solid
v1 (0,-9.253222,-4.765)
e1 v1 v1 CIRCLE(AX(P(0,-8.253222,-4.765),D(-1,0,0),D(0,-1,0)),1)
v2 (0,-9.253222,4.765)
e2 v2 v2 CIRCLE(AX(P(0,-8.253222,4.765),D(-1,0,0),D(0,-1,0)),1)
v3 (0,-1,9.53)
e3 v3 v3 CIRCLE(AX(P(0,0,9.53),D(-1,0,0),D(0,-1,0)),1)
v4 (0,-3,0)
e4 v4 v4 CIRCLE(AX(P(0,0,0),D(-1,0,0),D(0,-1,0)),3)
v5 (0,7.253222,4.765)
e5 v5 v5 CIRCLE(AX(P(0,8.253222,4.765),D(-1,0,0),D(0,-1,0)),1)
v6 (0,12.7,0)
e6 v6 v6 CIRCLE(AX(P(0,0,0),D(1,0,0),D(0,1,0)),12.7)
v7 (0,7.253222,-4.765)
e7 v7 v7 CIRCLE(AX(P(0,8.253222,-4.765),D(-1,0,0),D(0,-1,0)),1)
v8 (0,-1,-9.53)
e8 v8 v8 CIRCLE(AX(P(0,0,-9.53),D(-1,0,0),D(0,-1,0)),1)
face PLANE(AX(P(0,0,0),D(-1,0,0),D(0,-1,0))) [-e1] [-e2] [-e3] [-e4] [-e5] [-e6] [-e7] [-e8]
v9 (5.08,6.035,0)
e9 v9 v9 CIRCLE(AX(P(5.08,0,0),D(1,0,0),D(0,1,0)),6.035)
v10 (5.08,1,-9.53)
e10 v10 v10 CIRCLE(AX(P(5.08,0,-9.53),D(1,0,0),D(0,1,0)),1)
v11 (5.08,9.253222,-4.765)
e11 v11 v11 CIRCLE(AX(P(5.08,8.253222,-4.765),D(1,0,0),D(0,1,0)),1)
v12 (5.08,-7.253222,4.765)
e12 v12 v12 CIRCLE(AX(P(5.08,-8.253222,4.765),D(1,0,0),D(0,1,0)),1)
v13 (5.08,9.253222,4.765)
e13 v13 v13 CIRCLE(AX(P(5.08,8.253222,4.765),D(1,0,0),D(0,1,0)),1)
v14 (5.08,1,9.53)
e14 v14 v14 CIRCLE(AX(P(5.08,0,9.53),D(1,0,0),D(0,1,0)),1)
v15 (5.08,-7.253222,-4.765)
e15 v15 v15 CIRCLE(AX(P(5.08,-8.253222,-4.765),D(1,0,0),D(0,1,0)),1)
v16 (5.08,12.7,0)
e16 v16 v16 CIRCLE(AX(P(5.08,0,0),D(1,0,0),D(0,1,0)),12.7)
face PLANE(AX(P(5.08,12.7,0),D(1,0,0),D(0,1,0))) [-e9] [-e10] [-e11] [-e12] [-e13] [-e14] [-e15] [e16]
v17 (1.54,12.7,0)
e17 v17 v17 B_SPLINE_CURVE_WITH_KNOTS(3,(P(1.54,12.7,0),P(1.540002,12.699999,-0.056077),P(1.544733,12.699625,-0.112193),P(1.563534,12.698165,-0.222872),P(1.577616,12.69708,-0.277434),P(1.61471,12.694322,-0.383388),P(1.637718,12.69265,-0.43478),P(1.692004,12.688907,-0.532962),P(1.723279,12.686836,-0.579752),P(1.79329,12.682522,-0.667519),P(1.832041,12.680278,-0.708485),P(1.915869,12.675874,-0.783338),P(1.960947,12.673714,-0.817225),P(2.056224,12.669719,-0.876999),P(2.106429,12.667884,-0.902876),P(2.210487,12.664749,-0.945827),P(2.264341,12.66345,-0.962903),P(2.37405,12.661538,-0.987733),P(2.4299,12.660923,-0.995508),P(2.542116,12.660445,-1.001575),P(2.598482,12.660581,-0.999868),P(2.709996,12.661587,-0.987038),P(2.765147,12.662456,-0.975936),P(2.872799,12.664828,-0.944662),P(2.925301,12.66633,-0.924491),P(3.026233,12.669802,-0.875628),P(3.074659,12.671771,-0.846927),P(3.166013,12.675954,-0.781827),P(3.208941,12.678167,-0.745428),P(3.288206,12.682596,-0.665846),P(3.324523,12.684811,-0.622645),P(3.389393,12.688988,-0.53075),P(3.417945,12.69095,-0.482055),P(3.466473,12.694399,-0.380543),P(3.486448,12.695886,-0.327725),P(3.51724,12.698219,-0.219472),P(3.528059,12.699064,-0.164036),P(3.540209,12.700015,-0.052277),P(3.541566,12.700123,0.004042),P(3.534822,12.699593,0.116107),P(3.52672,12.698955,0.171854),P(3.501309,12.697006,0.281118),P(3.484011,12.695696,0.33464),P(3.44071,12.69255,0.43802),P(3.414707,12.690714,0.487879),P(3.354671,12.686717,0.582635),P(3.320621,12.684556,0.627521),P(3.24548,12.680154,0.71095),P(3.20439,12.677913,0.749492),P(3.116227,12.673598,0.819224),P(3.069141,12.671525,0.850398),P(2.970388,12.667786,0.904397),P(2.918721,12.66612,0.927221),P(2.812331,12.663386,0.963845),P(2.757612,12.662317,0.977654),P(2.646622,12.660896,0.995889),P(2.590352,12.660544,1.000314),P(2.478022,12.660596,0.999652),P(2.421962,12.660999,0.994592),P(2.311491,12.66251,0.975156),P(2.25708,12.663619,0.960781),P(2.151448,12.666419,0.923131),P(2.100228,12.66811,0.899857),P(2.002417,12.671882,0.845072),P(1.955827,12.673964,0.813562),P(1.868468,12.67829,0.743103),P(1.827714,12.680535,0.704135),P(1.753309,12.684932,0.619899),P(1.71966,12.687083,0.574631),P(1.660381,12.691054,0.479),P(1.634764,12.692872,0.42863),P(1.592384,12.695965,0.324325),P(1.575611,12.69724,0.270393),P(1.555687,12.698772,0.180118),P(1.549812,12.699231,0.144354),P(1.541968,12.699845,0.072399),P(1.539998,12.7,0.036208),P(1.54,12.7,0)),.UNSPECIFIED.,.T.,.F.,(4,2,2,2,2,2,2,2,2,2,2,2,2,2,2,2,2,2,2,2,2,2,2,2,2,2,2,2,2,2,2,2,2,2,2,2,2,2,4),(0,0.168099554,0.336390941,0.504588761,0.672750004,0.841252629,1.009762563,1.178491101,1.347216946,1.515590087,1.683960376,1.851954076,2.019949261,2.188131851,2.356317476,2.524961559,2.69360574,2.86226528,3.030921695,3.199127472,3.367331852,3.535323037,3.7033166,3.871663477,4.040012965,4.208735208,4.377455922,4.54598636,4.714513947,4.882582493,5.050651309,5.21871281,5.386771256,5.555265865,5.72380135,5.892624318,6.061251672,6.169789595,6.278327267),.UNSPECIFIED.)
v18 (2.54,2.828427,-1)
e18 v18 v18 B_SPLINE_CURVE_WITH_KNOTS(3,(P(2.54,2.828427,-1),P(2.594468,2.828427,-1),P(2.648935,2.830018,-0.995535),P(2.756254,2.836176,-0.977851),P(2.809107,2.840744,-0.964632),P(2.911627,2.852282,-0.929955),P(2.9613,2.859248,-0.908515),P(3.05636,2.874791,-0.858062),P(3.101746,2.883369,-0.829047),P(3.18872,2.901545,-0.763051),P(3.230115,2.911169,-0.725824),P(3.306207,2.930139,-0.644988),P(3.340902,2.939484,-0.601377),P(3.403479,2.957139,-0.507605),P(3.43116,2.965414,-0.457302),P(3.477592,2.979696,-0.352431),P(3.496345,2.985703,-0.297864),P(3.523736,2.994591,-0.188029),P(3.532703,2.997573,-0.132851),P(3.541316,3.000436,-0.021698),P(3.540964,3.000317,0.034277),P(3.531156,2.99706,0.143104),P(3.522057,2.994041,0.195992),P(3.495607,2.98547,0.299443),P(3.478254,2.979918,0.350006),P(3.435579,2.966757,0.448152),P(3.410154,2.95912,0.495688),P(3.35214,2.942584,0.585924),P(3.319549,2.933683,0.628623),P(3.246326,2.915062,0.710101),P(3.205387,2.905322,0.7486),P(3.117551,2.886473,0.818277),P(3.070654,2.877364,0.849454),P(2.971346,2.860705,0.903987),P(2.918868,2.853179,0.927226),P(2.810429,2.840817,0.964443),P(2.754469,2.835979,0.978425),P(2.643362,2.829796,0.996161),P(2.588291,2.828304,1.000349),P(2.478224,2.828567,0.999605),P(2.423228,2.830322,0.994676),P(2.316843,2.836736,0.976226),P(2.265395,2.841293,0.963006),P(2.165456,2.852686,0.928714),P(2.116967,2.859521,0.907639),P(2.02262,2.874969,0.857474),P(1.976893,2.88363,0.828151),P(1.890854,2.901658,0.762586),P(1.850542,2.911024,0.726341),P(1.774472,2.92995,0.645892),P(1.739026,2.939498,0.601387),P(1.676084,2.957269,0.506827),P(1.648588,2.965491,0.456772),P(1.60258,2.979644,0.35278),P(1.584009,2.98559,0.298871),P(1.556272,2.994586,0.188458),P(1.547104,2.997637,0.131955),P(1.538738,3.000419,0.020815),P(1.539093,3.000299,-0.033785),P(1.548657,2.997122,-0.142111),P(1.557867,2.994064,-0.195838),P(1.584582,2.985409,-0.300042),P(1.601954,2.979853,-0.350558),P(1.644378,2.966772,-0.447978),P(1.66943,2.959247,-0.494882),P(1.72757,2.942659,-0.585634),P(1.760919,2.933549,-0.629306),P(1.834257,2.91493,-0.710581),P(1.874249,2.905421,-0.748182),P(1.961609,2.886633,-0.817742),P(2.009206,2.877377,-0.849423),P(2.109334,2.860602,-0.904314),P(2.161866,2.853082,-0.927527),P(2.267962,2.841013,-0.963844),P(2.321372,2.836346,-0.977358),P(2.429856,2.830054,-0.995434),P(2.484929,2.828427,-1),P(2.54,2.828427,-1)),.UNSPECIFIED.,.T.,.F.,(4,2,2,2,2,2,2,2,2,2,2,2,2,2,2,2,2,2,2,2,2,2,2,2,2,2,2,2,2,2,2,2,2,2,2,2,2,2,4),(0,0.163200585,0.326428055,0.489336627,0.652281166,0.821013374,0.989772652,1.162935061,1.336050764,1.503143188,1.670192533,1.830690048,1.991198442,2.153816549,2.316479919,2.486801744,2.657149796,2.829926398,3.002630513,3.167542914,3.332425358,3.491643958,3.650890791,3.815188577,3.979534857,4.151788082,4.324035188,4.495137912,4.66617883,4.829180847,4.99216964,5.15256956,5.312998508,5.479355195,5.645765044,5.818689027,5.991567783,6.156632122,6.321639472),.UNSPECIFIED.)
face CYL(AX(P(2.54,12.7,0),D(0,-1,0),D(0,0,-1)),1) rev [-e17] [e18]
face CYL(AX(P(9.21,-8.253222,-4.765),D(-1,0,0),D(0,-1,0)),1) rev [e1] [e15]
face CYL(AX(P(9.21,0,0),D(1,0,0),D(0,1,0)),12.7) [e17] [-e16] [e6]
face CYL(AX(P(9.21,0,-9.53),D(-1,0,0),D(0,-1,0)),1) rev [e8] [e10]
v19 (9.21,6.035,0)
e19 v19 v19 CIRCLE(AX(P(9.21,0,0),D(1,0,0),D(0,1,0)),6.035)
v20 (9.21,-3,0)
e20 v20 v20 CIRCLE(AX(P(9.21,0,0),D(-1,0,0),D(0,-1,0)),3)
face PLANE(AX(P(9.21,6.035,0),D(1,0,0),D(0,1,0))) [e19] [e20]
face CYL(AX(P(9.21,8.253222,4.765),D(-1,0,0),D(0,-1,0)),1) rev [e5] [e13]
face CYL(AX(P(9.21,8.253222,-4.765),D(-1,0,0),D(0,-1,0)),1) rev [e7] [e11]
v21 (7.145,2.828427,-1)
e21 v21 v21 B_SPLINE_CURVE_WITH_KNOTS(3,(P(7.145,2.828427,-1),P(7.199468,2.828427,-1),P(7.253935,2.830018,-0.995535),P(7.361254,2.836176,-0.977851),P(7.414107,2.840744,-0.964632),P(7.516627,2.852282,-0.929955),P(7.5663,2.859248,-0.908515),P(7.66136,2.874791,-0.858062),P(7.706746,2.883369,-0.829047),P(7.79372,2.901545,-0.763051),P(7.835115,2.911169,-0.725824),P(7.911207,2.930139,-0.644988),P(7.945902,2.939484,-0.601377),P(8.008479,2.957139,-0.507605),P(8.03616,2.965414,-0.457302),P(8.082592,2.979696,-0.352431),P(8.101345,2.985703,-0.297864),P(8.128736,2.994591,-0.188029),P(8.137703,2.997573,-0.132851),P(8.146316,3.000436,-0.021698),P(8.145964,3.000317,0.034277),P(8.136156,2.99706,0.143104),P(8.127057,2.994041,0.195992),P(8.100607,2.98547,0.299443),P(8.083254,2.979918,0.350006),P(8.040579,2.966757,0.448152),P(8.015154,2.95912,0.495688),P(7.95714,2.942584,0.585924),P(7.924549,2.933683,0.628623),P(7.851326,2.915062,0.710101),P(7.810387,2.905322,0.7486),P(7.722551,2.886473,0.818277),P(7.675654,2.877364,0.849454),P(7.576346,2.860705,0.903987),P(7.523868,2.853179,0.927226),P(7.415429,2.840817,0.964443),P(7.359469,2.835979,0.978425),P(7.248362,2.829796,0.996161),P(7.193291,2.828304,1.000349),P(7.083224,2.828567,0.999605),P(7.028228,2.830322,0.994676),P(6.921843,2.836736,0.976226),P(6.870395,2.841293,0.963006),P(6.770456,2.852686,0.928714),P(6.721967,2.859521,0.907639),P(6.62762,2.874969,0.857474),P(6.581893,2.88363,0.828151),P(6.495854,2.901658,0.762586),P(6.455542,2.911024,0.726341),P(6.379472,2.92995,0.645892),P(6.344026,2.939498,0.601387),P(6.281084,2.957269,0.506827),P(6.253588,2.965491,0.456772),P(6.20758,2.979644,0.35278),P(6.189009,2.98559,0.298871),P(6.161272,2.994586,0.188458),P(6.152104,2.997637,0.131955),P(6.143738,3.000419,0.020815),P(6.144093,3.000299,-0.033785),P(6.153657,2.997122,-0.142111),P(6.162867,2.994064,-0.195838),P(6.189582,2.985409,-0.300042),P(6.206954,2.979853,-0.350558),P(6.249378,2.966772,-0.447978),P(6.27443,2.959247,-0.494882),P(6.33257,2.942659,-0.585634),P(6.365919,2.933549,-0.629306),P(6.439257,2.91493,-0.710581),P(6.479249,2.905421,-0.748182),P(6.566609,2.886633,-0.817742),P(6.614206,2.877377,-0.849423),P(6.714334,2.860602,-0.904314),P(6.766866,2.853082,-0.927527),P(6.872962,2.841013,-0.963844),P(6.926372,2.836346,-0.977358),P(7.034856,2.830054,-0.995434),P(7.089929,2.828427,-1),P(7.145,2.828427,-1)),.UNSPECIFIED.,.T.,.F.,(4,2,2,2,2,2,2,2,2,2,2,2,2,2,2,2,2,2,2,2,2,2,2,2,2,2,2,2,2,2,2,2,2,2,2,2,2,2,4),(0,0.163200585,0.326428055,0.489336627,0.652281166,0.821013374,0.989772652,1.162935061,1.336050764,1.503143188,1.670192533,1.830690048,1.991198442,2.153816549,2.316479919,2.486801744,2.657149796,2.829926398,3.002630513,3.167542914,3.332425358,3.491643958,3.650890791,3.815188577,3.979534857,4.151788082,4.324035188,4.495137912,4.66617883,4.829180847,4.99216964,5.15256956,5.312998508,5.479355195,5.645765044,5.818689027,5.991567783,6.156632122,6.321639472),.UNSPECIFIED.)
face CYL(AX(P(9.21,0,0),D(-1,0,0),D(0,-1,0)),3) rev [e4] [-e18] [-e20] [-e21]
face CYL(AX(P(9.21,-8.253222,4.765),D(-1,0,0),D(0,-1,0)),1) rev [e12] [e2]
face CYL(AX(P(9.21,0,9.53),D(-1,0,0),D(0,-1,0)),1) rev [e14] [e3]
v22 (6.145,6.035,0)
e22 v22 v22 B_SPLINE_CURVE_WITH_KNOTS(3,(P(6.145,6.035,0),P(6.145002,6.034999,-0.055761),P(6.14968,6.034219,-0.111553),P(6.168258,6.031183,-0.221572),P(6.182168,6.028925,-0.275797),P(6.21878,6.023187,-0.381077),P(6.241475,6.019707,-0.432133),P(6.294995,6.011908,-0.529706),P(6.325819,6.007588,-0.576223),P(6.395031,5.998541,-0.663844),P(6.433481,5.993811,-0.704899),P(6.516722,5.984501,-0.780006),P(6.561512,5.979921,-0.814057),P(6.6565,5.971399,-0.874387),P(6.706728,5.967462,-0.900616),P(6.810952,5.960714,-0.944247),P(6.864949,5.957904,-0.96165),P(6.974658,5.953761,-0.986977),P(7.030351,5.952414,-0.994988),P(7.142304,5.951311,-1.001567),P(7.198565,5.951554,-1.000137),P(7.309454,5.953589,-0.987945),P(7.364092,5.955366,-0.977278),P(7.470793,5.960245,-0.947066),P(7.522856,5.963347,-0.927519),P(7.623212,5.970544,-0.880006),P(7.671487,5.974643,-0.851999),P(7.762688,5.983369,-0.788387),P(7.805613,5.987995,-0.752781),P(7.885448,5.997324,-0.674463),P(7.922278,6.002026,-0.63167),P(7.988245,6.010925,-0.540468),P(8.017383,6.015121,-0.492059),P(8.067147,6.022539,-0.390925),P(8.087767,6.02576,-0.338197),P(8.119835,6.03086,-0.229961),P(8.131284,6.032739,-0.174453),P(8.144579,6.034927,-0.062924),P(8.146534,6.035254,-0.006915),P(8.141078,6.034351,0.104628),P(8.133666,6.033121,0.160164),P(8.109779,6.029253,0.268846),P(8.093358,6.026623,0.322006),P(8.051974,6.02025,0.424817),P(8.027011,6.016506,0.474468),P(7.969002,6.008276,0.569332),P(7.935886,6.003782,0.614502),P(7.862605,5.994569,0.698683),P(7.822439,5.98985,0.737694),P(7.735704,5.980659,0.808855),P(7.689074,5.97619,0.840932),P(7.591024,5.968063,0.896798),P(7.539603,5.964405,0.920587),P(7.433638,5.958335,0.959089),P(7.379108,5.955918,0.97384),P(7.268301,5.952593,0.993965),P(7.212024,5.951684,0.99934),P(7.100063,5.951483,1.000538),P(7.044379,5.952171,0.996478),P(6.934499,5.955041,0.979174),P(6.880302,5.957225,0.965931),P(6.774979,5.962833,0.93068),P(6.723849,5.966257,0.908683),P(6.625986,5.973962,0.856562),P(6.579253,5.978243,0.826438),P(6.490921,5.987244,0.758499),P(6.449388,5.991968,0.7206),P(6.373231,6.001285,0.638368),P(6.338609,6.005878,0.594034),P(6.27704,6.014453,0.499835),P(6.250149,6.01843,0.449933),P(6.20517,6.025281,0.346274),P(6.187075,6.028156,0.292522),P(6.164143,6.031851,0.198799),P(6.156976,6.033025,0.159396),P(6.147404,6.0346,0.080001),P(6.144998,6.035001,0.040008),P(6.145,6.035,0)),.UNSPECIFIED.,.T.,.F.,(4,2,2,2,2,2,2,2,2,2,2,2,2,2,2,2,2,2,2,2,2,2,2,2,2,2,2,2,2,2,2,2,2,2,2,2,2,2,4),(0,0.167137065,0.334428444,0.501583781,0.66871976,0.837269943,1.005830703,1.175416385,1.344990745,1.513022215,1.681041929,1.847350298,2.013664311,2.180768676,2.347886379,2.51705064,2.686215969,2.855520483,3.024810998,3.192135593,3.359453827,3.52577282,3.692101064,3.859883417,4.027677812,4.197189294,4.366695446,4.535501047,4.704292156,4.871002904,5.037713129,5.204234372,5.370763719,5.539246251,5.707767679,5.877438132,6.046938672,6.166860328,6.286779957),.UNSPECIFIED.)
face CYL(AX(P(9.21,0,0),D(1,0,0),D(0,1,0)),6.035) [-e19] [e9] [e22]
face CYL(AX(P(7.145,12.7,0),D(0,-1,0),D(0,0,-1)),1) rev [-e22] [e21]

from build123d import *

# Parameters (mm, degrees)
ESQUISSE2_R             = 1
ESQUISSE2_R_2           = 3
ENL_V_MAT_EXTRU_1_DEPTH = 21.184253764
ESQUISSE4_R             = 1
ENL_V_MAT_EXTRU_2_DEPTH = 21.184253764


with BuildPart() as part:
    # Esquisse1 → Révolution1 (revolve)
    with BuildSketch(Plane.XY):
        Polygon((0, 0), (0, 12.7), (5.08, 12.7), (5.08, 6.035), (9.21, 6.035), (9.21, 0), align=None)
    revolve(axis=Axis((9.21, 0, 0), (-1, 0, 0)))

    # Esquisse2 → Enlèv. mat.-Extru.1 (cut, through all)
    with BuildSketch(Plane.ZY):
        with Locations(Location((9.53, 0, 0), (0, 0, 270))):
            Circle(ESQUISSE2_R)
        with Locations(Location((4.765, -8.253222098, 0), (0, 0, 270))):
            Circle(ESQUISSE2_R)
        with Locations(Location((-4.765, -8.253222098, 0), (0, 0, 270))):
            Circle(ESQUISSE2_R)
        with Locations(Location((-9.53, 0, 0), (0, 0, 270))):
            Circle(ESQUISSE2_R)
        with Locations(Location((-4.765, 8.253222098, 0), (0, 0, 270))):
            Circle(ESQUISSE2_R)
        with Locations(Location((4.765, 8.253222098, 0), (0, 0, 270))):
            Circle(ESQUISSE2_R)
        with Locations(Location((0, 0, 0), (0, 0, 270))):
            Circle(ESQUISSE2_R_2)
    extrude(amount=-ENL_V_MAT_EXTRU_1_DEPTH, mode=Mode.SUBTRACT)

    # Esquisse4 → Enlèv. mat.-Extru.2 (cut, through all)
    with BuildSketch(Plane(origin=(0, 0, 0), x_dir=(1, 0, 0), z_dir=(0, 1, 0))):
        with Locations(Location((2.54, 0, 0), (0, 0, 90))):
            Circle(ESQUISSE4_R)
        with Locations(Location((7.145, 0, 0), (0, 0, 90))):
            Circle(ESQUISSE4_R)
    extrude(amount=ENL_V_MAT_EXTRU_2_DEPTH, mode=Mode.SUBTRACT)


solid = part.part
